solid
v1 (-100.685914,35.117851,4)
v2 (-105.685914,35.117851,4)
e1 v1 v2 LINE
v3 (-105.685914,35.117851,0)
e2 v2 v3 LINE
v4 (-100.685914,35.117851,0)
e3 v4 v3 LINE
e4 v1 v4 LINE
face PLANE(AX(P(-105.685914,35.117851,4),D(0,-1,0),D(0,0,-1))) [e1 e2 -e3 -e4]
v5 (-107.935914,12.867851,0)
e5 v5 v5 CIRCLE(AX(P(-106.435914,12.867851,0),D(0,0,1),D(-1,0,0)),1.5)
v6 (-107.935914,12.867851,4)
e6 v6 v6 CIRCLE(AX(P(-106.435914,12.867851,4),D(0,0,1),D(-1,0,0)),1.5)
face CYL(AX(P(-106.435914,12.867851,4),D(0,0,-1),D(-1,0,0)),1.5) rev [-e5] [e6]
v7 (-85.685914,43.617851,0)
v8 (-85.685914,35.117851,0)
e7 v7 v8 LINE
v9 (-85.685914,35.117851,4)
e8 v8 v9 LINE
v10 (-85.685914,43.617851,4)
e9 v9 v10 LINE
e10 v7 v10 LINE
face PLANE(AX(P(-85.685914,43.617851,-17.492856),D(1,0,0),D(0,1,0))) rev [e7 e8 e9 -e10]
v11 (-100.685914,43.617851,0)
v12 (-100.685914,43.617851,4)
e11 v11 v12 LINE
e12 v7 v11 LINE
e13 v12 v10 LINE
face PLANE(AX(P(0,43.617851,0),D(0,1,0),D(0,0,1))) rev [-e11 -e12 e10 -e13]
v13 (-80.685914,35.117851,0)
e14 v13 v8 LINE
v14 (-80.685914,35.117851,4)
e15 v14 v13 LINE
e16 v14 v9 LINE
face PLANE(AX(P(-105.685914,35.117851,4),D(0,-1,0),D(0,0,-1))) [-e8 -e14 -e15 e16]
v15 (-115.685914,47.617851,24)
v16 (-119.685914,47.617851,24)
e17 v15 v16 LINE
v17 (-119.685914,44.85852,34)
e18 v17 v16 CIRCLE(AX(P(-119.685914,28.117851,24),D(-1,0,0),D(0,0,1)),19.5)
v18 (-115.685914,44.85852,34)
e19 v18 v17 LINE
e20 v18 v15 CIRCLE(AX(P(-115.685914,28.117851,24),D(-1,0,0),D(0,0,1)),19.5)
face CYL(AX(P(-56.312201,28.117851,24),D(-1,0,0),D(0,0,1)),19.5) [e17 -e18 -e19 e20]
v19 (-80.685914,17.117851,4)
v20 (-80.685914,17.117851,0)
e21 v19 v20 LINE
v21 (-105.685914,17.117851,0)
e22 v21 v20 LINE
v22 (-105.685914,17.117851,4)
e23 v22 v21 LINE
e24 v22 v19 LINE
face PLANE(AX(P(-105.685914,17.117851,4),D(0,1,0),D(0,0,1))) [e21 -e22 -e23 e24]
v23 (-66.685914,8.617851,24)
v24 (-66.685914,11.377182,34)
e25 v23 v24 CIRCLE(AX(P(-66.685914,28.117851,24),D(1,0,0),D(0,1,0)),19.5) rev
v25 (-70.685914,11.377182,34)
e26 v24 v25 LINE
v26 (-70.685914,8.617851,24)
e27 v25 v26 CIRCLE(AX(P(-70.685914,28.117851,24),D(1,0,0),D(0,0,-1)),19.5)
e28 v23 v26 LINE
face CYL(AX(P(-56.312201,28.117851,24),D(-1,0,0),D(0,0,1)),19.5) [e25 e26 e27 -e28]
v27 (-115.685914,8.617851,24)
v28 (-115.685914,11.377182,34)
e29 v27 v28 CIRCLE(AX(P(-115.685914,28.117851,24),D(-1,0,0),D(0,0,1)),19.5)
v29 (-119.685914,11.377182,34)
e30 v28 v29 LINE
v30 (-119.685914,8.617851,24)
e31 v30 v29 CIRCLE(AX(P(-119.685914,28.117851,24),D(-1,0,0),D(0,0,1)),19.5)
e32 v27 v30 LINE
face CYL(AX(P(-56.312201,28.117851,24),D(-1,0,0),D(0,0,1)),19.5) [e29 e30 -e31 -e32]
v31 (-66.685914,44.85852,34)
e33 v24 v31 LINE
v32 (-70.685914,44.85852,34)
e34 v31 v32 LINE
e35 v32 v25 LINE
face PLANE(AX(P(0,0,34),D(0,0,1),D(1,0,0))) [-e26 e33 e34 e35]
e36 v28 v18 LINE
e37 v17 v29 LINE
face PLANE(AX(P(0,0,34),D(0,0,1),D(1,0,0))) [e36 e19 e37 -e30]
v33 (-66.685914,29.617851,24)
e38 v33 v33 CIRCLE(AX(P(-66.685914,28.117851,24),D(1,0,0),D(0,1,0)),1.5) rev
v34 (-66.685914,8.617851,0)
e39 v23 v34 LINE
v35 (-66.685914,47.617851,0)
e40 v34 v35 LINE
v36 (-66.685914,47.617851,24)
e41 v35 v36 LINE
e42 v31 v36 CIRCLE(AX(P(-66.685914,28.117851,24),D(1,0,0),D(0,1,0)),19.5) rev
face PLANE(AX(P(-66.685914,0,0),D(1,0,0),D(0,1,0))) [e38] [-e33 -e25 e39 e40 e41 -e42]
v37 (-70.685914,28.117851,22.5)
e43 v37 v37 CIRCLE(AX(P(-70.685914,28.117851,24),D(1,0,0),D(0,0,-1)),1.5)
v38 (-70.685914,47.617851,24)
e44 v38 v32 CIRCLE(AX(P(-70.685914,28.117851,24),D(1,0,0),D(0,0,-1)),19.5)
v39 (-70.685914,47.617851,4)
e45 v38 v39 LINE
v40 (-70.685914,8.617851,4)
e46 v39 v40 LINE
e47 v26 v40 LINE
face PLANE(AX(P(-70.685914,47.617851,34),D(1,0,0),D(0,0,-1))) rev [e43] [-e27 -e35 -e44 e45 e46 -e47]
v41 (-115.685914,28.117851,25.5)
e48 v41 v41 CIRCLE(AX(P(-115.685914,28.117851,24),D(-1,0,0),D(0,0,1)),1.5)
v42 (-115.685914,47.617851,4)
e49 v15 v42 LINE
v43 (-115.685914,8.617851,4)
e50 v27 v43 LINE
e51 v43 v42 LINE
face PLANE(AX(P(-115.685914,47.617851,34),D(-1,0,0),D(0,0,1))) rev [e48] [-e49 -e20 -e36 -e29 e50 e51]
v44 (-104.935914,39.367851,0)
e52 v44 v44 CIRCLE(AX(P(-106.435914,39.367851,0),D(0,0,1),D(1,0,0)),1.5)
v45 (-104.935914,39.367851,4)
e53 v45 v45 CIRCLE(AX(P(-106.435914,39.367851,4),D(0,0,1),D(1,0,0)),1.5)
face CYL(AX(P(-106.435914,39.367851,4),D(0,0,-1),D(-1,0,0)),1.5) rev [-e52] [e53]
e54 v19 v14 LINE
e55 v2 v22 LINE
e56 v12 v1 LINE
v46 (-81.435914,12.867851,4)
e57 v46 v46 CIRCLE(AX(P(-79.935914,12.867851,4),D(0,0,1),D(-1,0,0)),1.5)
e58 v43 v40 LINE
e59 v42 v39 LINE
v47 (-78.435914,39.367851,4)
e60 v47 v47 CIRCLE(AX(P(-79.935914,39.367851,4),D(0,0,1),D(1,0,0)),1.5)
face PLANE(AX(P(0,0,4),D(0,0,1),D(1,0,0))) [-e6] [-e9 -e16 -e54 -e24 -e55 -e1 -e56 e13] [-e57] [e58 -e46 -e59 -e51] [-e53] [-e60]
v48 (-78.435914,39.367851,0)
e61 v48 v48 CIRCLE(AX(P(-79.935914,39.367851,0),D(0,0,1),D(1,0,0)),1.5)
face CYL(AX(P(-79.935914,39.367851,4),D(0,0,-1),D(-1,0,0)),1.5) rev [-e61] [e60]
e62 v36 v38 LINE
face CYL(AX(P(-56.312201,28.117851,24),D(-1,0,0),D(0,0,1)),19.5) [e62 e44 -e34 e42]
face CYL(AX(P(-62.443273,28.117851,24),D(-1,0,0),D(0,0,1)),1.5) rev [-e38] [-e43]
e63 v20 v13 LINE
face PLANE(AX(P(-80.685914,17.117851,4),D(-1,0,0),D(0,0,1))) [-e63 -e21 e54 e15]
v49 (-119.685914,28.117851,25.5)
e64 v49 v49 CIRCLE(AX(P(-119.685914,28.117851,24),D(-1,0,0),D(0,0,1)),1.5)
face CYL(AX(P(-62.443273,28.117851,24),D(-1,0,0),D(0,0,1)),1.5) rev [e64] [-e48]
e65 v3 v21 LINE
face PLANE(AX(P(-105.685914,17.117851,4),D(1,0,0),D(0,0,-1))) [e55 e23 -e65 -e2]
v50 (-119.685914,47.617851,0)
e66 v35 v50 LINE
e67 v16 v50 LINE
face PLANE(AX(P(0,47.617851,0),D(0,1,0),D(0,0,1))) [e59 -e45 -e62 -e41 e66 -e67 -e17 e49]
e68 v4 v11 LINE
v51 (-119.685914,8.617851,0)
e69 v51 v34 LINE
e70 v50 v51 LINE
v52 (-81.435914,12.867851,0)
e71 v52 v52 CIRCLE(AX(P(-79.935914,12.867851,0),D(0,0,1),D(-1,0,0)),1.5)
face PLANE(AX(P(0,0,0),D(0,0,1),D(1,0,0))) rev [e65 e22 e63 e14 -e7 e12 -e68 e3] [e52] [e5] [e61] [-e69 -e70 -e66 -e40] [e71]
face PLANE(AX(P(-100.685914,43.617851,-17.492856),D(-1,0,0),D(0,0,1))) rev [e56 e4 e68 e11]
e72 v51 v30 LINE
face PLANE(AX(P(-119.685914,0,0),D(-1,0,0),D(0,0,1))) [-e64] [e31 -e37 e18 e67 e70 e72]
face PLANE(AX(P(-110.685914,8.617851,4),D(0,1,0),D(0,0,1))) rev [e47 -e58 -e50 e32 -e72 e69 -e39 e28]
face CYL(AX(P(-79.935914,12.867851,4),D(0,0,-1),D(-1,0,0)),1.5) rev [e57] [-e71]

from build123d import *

# Parameters (mm, degrees)
SKETCH_1_W          = 35
SKETCH_1_H          = 35
SKETCH_1_R          = 1.5
SKETCH_1_W_2        = 25
SKETCH_1_H_2        = 18
EXTRUDE_2_DEPTH     = 4
SKETCH_2_W          = 15
SKETCH_2_H          = 9
CUT_EXTRUDE_1_DEPTH = 4
SKETCH_3_W          = 35
SKETCH_3_H          = 4
EXTRUDE_3_DEPTH     = 4
SKETCH_4_W          = 4
SKETCH_4_H          = 39
EXTRUDE_4_DEPTH     = 9
SKETCH_5_W          = 4
SKETCH_5_H          = 39
EXTRUDE_5_DEPTH     = 9
SKETCH_6_W          = 4
SKETCH_6_H          = 39
EXTRUDE_6_DEPTH     = 30
CUT_EXTRUDE_2_REACH = 80.946
SKETCH_7_R          = 1.5
CUT_EXTRUDE_3_REACH = 80.946


with BuildPart() as part:
    # 草图1 → 凸台-拉伸2 (new body)
    with BuildSketch(Plane.XY):
        with Locations((-93.185913744, 26.117851257)):
            Rectangle(SKETCH_1_W, SKETCH_1_H)
        with Locations((-106.435913744, 39.367851257)):
            Circle(SKETCH_1_R, mode=Mode.SUBTRACT)
        with Locations(Location((-79.935913744, 12.867851257, 0), (0, 0, 180))):
            Circle(SKETCH_1_R, mode=Mode.SUBTRACT)
        with Locations((-79.935913744, 39.367851257)):
            Circle(SKETCH_1_R, mode=Mode.SUBTRACT)
        with Locations(Location((-106.435913744, 12.867851257, 0), (0, 0, 180))):
            Circle(SKETCH_1_R, mode=Mode.SUBTRACT)
        with Locations((-93.185913744, 26.117851257)):
            Rectangle(SKETCH_1_W_2, SKETCH_1_H_2, mode=Mode.SUBTRACT)
    extrude(amount=EXTRUDE_2_DEPTH)

    # 草图2 → 切除-拉伸1 (cut)
    with BuildSketch(Plane.XY.offset(4)):
        with Locations((-93.185913744, 39.117851257)):
            Rectangle(SKETCH_2_W, SKETCH_2_H)
    extrude(amount=-CUT_EXTRUDE_1_DEPTH, mode=Mode.SUBTRACT)

    # 草图3 → 凸台-拉伸3 (add)
    with BuildSketch(Plane(origin=(0, 43.617851257, 0), x_dir=(1, 0, 0), z_dir=(0, 1, 0))):
        with Locations((-93.185913744, -2)):
            Rectangle(SKETCH_3_W, SKETCH_3_H)
    extrude(amount=EXTRUDE_3_DEPTH)

    # 草图4 → 凸台-拉伸4 (add)
    with BuildSketch(Plane(origin=(-75.685913744, 0, 0), x_dir=(0, 0, -1), z_dir=(1, 0, 0))):
        with Locations((-2, 28.117851257)):
            Rectangle(SKETCH_4_W, SKETCH_4_H)
    extrude(amount=EXTRUDE_4_DEPTH)

    # 草图5 → 凸台-拉伸5 (add)
    with BuildSketch(Plane.ZY.offset(110.685913744)):
        with Locations((2, 28.117851257)):
            Rectangle(SKETCH_5_W, SKETCH_5_H)
    extrude(amount=EXTRUDE_5_DEPTH)

    # 草图6 → 凸台-拉伸6 (add)
    with BuildSketch(Plane.XY.offset(4)):
        with Locations((-117.685913744, 28.117851257)):
            Rectangle(SKETCH_6_W, SKETCH_6_H)
        with Locations((-68.685913744, 28.117851257)):
            Rectangle(SKETCH_6_W, SKETCH_6_H)
    extrude(amount=EXTRUDE_6_DEPTH)

    # 切除-拉伸2: up to this face of the body (flat: up to its plane)
    cut_extrude_2_end = Plane(part.part.faces().sort_by_distance((-66.685913744, 28.117851257, 17))[0])
    # 草图7 → 切除-拉伸2 (cut, up to the picked face)
    with BuildSketch(Plane.ZY.offset(119.685913744), mode=Mode.PRIVATE) as cut_extrude_2_sk1:
        with Locations(Location((24, 28.117851257, 0), (0, 0, 90))):
            Circle(SKETCH_7_R)
    cut_extrude_2_tool1 = split(extrude(cut_extrude_2_sk1.sketch, amount=-CUT_EXTRUDE_2_REACH, mode=Mode.PRIVATE), bisect_by=cut_extrude_2_end, keep=Keep.BOTH, mode=Mode.PRIVATE)
    add(cut_extrude_2_tool1.solids().sort_by(Axis((-119.685914, 28.117851, 24), (1, 0, 0)))[0], mode=Mode.SUBTRACT)

    # 切除-拉伸3: up to this face of the body (flat: up to its plane)
    cut_extrude_3_end = Plane(part.part.faces().sort_by_distance((-66.685913744, 28.117851257, 16.962484718))[0])
    # 草图9 → 切除-拉伸3 (cut, up to the picked face)
    with BuildSketch(Plane.ZY.offset(119.685913744), mode=Mode.PRIVATE) as cut_extrude_3_sk1:
        with BuildLine():
            Line((34, 44.8585203), (34, 47.617851257))
            Line((34, 47.617851257), (24, 47.617851257))
            ThreePointArc((24, 47.617851257), (29.186856161, 46.915365007), (34, 44.8585203))
        make_face()
    cut_extrude_3_tool1 = split(extrude(cut_extrude_3_sk1.sketch, amount=-CUT_EXTRUDE_3_REACH, mode=Mode.PRIVATE), bisect_by=cut_extrude_3_end, keep=Keep.BOTH, mode=Mode.PRIVATE)
    # 草图9 → 切除-拉伸3 (cut, up to the picked face)
    with BuildSketch(Plane.ZY.offset(119.685913744), mode=Mode.PRIVATE) as cut_extrude_3_sk2:
        with BuildLine():
            ThreePointArc((34, 11.377182214), (29.186856161, 9.320337507), (24, 8.617851257))
            Line((24, 8.617851257), (34, 8.617851257))
            Line((34, 8.617851257), (34, 11.377182214))
        make_face()
    cut_extrude_3_tool2 = split(extrude(cut_extrude_3_sk2.sketch, amount=-CUT_EXTRUDE_3_REACH, mode=Mode.PRIVATE), bisect_by=cut_extrude_3_end, keep=Keep.BOTH, mode=Mode.PRIVATE)
    add(cut_extrude_3_tool1.solids().sort_by(Axis((-119.685914, 46.80116, 31.536753), (1, 0, 0)))[0], mode=Mode.SUBTRACT)
    add(cut_extrude_3_tool2.solids().sort_by(Axis((-119.685914, 9.434542, 31.536753), (1, 0, 0)))[0], mode=Mode.SUBTRACT)


solid = part.part
